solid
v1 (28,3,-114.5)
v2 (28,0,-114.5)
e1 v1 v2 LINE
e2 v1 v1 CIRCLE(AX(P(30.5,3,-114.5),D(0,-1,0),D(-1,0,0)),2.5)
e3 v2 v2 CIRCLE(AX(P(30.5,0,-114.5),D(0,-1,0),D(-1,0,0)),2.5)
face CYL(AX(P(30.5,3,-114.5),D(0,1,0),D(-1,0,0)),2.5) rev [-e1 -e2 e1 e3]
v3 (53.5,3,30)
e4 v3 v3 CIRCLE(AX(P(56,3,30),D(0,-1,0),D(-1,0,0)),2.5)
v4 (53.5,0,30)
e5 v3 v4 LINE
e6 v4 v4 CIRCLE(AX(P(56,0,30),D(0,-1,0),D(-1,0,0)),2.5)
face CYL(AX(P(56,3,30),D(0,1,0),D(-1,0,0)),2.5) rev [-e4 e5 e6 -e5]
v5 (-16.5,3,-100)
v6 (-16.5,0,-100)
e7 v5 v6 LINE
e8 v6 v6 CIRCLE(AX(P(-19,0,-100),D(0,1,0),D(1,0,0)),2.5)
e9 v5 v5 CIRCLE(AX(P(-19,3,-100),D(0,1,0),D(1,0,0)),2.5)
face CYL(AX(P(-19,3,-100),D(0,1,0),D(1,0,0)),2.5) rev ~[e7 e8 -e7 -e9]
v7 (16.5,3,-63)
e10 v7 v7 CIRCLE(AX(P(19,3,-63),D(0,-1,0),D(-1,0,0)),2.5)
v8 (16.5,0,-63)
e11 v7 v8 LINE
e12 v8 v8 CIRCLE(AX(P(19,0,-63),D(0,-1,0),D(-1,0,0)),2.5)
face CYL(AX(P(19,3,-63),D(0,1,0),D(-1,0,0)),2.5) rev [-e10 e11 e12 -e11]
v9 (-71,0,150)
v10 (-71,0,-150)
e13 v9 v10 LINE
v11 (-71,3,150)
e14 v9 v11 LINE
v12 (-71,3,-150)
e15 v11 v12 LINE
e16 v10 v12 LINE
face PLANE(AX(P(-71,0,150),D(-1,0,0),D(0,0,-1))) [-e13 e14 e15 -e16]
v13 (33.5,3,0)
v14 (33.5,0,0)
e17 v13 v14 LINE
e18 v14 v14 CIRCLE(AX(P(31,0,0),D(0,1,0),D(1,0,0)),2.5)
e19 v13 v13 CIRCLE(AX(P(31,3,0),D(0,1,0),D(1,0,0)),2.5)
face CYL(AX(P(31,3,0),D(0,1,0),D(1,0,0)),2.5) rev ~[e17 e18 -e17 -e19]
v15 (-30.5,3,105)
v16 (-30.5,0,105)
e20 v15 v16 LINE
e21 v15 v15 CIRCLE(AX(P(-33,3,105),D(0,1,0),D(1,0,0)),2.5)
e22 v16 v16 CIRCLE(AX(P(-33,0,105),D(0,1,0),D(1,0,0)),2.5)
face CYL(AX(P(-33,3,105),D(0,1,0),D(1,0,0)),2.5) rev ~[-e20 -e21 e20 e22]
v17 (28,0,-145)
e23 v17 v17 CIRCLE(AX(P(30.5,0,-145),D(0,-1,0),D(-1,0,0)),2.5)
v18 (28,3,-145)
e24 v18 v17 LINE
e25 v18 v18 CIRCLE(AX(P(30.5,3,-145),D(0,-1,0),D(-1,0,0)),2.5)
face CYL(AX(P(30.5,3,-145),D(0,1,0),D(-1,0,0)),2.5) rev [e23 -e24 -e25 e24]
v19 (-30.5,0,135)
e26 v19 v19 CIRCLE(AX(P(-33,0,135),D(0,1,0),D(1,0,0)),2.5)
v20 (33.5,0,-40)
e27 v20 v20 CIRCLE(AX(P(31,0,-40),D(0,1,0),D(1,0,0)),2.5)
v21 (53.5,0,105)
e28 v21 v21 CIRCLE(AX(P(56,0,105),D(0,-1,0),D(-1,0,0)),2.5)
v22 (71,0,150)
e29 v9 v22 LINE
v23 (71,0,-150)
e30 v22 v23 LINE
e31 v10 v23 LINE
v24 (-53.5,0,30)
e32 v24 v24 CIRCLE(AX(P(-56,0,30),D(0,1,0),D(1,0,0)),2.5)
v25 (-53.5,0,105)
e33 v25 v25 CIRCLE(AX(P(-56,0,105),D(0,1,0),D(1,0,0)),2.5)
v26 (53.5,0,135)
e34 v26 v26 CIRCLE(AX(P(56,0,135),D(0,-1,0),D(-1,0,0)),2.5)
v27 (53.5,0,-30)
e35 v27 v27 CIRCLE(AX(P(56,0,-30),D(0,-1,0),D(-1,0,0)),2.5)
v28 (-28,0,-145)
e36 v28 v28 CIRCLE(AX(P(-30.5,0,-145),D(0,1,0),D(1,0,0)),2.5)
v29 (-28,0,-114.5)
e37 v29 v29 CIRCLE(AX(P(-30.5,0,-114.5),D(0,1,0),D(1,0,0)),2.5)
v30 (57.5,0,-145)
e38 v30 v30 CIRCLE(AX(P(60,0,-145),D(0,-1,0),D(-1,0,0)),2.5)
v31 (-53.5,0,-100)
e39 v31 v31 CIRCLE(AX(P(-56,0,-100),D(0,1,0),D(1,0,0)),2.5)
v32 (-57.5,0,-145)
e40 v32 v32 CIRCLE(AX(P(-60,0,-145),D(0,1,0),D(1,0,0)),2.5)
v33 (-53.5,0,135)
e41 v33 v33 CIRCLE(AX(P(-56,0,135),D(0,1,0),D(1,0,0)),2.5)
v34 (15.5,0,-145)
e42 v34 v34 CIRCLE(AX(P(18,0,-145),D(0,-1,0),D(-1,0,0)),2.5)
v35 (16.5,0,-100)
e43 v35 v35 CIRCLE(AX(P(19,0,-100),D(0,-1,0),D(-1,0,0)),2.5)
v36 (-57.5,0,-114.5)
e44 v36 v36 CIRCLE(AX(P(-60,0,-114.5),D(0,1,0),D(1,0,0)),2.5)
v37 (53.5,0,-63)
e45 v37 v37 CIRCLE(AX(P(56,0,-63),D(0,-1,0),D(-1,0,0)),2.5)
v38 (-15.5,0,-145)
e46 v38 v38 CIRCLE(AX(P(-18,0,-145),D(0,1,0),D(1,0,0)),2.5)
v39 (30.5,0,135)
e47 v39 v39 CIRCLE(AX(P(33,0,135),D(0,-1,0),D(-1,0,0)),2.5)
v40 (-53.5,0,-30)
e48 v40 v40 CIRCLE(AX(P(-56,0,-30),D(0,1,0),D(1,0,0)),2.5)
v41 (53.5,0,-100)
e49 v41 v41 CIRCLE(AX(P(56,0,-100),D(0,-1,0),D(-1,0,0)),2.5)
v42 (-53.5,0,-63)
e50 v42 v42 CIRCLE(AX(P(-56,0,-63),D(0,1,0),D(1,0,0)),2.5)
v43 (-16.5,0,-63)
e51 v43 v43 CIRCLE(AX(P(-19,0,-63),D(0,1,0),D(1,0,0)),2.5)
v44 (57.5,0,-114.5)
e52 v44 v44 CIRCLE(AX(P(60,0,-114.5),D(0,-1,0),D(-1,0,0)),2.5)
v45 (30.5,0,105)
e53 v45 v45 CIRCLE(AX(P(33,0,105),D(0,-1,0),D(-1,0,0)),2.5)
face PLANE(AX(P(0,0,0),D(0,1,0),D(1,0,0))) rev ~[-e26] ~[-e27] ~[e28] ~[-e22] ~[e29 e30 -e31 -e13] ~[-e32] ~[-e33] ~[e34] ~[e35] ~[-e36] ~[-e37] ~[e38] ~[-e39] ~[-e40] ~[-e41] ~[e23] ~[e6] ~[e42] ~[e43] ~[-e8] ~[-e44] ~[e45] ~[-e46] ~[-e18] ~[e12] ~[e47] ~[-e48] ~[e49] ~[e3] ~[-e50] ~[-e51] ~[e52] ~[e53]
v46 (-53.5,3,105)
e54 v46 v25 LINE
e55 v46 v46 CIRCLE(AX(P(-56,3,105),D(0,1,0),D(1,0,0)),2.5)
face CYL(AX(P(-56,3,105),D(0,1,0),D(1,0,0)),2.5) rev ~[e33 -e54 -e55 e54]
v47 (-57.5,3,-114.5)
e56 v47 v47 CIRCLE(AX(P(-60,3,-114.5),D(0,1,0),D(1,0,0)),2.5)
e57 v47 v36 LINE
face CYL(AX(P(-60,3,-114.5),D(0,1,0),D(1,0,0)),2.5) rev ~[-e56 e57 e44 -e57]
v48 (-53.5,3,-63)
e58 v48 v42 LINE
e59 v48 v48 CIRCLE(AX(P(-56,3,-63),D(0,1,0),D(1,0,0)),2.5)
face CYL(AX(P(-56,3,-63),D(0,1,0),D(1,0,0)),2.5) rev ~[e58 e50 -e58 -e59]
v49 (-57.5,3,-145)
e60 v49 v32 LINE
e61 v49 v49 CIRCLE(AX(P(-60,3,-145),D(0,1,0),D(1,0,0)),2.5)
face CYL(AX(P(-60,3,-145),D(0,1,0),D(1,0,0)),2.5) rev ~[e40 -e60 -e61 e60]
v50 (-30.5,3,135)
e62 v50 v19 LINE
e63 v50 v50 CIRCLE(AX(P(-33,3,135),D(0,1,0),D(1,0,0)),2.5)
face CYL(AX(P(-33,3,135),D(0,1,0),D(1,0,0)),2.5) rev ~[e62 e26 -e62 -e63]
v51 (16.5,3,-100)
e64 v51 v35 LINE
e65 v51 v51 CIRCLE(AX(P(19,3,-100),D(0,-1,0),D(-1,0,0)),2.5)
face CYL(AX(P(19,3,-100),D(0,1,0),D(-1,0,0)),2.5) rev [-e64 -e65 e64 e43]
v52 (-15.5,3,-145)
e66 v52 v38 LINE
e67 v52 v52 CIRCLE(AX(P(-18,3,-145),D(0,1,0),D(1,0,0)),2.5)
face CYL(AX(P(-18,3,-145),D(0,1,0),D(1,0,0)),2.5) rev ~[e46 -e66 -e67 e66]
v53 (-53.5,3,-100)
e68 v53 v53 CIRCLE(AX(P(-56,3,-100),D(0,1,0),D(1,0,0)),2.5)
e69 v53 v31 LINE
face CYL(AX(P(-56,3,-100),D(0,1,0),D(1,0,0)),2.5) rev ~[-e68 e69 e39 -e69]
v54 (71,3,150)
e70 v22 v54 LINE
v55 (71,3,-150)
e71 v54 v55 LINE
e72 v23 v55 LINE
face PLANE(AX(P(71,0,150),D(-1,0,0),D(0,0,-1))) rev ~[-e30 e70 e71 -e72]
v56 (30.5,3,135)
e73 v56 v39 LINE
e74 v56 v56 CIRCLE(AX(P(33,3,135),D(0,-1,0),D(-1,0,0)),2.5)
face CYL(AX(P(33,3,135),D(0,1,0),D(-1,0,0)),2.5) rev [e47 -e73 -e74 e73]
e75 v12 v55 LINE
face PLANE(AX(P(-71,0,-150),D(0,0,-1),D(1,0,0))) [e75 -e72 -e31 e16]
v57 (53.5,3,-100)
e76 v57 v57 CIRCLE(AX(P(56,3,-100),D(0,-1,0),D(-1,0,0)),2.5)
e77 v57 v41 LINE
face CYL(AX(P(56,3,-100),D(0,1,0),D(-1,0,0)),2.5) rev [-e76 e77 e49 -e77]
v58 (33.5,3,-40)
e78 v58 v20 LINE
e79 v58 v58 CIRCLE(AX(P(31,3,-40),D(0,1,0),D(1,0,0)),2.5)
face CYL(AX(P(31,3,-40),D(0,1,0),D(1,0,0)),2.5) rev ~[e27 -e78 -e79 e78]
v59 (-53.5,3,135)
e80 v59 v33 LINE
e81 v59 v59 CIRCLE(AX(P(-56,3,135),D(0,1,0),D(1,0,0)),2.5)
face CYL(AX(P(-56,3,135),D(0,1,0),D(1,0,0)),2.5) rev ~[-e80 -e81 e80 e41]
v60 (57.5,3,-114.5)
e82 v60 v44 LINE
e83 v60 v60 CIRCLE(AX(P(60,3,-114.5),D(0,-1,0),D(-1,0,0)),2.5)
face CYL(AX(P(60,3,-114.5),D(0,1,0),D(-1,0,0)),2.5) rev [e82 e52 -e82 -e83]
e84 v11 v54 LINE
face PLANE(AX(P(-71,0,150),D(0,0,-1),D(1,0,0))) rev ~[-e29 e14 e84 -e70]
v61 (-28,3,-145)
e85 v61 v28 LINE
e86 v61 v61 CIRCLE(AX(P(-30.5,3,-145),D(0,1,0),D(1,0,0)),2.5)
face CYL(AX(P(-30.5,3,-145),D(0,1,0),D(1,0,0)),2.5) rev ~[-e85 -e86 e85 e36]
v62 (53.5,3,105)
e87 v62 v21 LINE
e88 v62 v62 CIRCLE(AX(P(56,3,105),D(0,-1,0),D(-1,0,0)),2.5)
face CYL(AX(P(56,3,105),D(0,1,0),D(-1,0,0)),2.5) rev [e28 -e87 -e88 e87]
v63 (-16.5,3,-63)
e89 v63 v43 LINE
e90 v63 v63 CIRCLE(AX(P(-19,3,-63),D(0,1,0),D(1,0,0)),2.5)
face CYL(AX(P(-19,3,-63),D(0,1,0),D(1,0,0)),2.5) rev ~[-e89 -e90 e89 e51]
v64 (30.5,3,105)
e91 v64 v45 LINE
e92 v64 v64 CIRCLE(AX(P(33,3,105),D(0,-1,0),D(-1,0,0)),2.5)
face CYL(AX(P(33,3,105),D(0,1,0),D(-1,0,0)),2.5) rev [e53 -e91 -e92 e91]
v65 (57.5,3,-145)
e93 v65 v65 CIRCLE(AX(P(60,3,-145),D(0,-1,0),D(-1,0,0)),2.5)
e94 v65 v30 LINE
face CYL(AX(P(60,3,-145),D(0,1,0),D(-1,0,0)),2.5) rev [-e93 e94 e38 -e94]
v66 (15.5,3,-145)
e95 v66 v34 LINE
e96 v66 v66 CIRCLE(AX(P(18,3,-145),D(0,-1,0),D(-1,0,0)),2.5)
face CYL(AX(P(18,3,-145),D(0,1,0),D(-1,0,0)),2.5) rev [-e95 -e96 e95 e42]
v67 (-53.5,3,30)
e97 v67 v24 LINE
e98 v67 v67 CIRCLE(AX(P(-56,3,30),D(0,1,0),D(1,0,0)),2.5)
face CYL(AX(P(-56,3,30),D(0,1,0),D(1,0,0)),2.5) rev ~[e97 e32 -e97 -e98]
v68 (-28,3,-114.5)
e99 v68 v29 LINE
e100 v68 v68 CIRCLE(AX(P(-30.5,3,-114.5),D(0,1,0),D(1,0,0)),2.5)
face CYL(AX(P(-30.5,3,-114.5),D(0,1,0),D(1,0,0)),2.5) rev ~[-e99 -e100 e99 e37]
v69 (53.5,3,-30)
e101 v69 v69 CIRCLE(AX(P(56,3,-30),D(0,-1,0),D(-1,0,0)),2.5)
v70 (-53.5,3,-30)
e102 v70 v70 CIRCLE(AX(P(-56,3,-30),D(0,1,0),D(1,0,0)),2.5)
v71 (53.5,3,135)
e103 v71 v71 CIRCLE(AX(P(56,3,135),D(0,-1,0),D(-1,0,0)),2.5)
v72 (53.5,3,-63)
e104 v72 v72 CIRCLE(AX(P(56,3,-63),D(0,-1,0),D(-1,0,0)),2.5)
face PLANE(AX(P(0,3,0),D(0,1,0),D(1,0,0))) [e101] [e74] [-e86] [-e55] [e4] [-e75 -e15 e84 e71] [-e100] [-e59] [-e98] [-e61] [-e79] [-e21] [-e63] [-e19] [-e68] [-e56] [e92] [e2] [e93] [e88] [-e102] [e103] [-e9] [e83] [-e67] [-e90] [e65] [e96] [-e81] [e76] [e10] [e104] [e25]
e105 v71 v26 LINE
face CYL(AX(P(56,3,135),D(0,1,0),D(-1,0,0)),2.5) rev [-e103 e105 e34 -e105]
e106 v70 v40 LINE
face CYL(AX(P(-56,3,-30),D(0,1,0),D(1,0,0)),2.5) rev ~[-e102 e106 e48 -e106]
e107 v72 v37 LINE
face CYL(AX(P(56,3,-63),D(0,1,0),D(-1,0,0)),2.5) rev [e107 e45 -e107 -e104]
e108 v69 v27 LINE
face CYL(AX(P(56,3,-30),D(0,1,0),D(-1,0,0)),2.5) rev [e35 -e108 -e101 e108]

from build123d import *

# Parameters (mm, degrees)
SKETCH_1_W          = 142
SKETCH_1_H          = 300
EXTRUDE_1_DEPTH     = 3
SKETCH_2_R          = 2.5
CUT_EXTRUDE_1_DEPTH = 3
SKETCH_3_R          = 2.5
CUT_EXTRUDE_2_DEPTH = 3
SKETCH_4_R          = 2.5
CUT_EXTRUDE_3_DEPTH = 3
SKETCH_5_R          = 2.5
CUT_EXTRUDE_4_DEPTH = 3
SKETCH_6_R          = 2.5
CUT_EXTRUDE_5_DEPTH = 3


with BuildPart() as part:
    # 草图1 → 凸台-拉伸1 (new body)
    with BuildSketch(Plane(origin=(0, 0, 0), x_dir=(1, 0, 0), z_dir=(0, 1, 0))):
        Rectangle(SKETCH_1_W, SKETCH_1_H)
    extrude(amount=EXTRUDE_1_DEPTH)

    # 草图2 → 切除-拉伸1 (cut)
    with BuildSketch(Plane(origin=(0, 3, 0), x_dir=(1, 0, 0), z_dir=(0, 1, 0))):
        with Locations((-60, 114.5)):
            Circle(SKETCH_2_R)
        with Locations((-60, 145)):
            Circle(SKETCH_2_R)
        with Locations((-30.5, 145)):
            Circle(SKETCH_2_R)
        with Locations((-30.5, 114.5)):
            Circle(SKETCH_2_R)
        with Locations((-18, 145)):
            Circle(SKETCH_2_R)
    cut_extrude_1 = extrude(amount=-CUT_EXTRUDE_1_DEPTH, mode=Mode.SUBTRACT)

    # 镜向1: 切除-拉伸1 across plane
    add(cut_extrude_1.mirror(Plane(origin=(0, 0, 0), x_dir=(0, 0, 1), z_dir=(1, 0, 0))), mode=Mode.SUBTRACT)

    # 草图3 → 切除-拉伸2 (cut)
    with BuildSketch(Plane(origin=(0, 3, 0), x_dir=(1, 0, 0), z_dir=(0, 1, 0))):
        with Locations((-56, 100)):
            Circle(SKETCH_3_R)
        with Locations((-19, 100)):
            Circle(SKETCH_3_R)
        with Locations((-56, 63)):
            Circle(SKETCH_3_R)
        with Locations((-19, 63)):
            Circle(SKETCH_3_R)
    cut_extrude_2 = extrude(amount=-CUT_EXTRUDE_2_DEPTH, mode=Mode.SUBTRACT)

    # 镜向2: 切除-拉伸2 across plane
    add(cut_extrude_2.mirror(Plane(origin=(0, 0, 0), x_dir=(0, 0, 1), z_dir=(1, 0, 0))), mode=Mode.SUBTRACT)

    # 草图4 → 切除-拉伸3 (cut)
    with BuildSketch(Plane(origin=(0, 3, 0), x_dir=(1, 0, 0), z_dir=(0, 1, 0))):
        with Locations((31, 40)):
            Circle(SKETCH_4_R)
        with Locations((31, 0)):
            Circle(SKETCH_4_R)
    extrude(amount=-CUT_EXTRUDE_3_DEPTH, mode=Mode.SUBTRACT)

    # 草图5 → 切除-拉伸4 (cut)
    with BuildSketch(Plane(origin=(0, 3, 0), x_dir=(1, 0, 0), z_dir=(0, 1, 0))):
        with Locations((-56, -30)):
            Circle(SKETCH_5_R)
        with Locations((-56, 30)):
            Circle(SKETCH_5_R)
    cut_extrude_4 = extrude(amount=-CUT_EXTRUDE_4_DEPTH, mode=Mode.SUBTRACT)

    # 镜向3: 切除-拉伸4 across plane
    add(cut_extrude_4.mirror(Plane(origin=(0, 0, 0), x_dir=(0, 0, 1), z_dir=(1, 0, 0))), mode=Mode.SUBTRACT)

    # 草图6 → 切除-拉伸5 (cut)
    with BuildSketch(Plane(origin=(0, 3, 0), x_dir=(1, 0, 0), z_dir=(0, 1, 0))):
        with Locations((-33, -105)):
            Circle(SKETCH_6_R)
        with Locations((-33, -135)):
            Circle(SKETCH_6_R)
        with Locations((-56, -135)):
            Circle(SKETCH_6_R)
        with Locations((-56, -105)):
            Circle(SKETCH_6_R)
    cut_extrude_5 = extrude(amount=-CUT_EXTRUDE_5_DEPTH, mode=Mode.SUBTRACT)

    # 镜向4: 切除-拉伸5 across plane
    add(cut_extrude_5.mirror(Plane(origin=(0, 0, 0), x_dir=(0, 0, 1), z_dir=(1, 0, 0))), mode=Mode.SUBTRACT)


solid = part.part
